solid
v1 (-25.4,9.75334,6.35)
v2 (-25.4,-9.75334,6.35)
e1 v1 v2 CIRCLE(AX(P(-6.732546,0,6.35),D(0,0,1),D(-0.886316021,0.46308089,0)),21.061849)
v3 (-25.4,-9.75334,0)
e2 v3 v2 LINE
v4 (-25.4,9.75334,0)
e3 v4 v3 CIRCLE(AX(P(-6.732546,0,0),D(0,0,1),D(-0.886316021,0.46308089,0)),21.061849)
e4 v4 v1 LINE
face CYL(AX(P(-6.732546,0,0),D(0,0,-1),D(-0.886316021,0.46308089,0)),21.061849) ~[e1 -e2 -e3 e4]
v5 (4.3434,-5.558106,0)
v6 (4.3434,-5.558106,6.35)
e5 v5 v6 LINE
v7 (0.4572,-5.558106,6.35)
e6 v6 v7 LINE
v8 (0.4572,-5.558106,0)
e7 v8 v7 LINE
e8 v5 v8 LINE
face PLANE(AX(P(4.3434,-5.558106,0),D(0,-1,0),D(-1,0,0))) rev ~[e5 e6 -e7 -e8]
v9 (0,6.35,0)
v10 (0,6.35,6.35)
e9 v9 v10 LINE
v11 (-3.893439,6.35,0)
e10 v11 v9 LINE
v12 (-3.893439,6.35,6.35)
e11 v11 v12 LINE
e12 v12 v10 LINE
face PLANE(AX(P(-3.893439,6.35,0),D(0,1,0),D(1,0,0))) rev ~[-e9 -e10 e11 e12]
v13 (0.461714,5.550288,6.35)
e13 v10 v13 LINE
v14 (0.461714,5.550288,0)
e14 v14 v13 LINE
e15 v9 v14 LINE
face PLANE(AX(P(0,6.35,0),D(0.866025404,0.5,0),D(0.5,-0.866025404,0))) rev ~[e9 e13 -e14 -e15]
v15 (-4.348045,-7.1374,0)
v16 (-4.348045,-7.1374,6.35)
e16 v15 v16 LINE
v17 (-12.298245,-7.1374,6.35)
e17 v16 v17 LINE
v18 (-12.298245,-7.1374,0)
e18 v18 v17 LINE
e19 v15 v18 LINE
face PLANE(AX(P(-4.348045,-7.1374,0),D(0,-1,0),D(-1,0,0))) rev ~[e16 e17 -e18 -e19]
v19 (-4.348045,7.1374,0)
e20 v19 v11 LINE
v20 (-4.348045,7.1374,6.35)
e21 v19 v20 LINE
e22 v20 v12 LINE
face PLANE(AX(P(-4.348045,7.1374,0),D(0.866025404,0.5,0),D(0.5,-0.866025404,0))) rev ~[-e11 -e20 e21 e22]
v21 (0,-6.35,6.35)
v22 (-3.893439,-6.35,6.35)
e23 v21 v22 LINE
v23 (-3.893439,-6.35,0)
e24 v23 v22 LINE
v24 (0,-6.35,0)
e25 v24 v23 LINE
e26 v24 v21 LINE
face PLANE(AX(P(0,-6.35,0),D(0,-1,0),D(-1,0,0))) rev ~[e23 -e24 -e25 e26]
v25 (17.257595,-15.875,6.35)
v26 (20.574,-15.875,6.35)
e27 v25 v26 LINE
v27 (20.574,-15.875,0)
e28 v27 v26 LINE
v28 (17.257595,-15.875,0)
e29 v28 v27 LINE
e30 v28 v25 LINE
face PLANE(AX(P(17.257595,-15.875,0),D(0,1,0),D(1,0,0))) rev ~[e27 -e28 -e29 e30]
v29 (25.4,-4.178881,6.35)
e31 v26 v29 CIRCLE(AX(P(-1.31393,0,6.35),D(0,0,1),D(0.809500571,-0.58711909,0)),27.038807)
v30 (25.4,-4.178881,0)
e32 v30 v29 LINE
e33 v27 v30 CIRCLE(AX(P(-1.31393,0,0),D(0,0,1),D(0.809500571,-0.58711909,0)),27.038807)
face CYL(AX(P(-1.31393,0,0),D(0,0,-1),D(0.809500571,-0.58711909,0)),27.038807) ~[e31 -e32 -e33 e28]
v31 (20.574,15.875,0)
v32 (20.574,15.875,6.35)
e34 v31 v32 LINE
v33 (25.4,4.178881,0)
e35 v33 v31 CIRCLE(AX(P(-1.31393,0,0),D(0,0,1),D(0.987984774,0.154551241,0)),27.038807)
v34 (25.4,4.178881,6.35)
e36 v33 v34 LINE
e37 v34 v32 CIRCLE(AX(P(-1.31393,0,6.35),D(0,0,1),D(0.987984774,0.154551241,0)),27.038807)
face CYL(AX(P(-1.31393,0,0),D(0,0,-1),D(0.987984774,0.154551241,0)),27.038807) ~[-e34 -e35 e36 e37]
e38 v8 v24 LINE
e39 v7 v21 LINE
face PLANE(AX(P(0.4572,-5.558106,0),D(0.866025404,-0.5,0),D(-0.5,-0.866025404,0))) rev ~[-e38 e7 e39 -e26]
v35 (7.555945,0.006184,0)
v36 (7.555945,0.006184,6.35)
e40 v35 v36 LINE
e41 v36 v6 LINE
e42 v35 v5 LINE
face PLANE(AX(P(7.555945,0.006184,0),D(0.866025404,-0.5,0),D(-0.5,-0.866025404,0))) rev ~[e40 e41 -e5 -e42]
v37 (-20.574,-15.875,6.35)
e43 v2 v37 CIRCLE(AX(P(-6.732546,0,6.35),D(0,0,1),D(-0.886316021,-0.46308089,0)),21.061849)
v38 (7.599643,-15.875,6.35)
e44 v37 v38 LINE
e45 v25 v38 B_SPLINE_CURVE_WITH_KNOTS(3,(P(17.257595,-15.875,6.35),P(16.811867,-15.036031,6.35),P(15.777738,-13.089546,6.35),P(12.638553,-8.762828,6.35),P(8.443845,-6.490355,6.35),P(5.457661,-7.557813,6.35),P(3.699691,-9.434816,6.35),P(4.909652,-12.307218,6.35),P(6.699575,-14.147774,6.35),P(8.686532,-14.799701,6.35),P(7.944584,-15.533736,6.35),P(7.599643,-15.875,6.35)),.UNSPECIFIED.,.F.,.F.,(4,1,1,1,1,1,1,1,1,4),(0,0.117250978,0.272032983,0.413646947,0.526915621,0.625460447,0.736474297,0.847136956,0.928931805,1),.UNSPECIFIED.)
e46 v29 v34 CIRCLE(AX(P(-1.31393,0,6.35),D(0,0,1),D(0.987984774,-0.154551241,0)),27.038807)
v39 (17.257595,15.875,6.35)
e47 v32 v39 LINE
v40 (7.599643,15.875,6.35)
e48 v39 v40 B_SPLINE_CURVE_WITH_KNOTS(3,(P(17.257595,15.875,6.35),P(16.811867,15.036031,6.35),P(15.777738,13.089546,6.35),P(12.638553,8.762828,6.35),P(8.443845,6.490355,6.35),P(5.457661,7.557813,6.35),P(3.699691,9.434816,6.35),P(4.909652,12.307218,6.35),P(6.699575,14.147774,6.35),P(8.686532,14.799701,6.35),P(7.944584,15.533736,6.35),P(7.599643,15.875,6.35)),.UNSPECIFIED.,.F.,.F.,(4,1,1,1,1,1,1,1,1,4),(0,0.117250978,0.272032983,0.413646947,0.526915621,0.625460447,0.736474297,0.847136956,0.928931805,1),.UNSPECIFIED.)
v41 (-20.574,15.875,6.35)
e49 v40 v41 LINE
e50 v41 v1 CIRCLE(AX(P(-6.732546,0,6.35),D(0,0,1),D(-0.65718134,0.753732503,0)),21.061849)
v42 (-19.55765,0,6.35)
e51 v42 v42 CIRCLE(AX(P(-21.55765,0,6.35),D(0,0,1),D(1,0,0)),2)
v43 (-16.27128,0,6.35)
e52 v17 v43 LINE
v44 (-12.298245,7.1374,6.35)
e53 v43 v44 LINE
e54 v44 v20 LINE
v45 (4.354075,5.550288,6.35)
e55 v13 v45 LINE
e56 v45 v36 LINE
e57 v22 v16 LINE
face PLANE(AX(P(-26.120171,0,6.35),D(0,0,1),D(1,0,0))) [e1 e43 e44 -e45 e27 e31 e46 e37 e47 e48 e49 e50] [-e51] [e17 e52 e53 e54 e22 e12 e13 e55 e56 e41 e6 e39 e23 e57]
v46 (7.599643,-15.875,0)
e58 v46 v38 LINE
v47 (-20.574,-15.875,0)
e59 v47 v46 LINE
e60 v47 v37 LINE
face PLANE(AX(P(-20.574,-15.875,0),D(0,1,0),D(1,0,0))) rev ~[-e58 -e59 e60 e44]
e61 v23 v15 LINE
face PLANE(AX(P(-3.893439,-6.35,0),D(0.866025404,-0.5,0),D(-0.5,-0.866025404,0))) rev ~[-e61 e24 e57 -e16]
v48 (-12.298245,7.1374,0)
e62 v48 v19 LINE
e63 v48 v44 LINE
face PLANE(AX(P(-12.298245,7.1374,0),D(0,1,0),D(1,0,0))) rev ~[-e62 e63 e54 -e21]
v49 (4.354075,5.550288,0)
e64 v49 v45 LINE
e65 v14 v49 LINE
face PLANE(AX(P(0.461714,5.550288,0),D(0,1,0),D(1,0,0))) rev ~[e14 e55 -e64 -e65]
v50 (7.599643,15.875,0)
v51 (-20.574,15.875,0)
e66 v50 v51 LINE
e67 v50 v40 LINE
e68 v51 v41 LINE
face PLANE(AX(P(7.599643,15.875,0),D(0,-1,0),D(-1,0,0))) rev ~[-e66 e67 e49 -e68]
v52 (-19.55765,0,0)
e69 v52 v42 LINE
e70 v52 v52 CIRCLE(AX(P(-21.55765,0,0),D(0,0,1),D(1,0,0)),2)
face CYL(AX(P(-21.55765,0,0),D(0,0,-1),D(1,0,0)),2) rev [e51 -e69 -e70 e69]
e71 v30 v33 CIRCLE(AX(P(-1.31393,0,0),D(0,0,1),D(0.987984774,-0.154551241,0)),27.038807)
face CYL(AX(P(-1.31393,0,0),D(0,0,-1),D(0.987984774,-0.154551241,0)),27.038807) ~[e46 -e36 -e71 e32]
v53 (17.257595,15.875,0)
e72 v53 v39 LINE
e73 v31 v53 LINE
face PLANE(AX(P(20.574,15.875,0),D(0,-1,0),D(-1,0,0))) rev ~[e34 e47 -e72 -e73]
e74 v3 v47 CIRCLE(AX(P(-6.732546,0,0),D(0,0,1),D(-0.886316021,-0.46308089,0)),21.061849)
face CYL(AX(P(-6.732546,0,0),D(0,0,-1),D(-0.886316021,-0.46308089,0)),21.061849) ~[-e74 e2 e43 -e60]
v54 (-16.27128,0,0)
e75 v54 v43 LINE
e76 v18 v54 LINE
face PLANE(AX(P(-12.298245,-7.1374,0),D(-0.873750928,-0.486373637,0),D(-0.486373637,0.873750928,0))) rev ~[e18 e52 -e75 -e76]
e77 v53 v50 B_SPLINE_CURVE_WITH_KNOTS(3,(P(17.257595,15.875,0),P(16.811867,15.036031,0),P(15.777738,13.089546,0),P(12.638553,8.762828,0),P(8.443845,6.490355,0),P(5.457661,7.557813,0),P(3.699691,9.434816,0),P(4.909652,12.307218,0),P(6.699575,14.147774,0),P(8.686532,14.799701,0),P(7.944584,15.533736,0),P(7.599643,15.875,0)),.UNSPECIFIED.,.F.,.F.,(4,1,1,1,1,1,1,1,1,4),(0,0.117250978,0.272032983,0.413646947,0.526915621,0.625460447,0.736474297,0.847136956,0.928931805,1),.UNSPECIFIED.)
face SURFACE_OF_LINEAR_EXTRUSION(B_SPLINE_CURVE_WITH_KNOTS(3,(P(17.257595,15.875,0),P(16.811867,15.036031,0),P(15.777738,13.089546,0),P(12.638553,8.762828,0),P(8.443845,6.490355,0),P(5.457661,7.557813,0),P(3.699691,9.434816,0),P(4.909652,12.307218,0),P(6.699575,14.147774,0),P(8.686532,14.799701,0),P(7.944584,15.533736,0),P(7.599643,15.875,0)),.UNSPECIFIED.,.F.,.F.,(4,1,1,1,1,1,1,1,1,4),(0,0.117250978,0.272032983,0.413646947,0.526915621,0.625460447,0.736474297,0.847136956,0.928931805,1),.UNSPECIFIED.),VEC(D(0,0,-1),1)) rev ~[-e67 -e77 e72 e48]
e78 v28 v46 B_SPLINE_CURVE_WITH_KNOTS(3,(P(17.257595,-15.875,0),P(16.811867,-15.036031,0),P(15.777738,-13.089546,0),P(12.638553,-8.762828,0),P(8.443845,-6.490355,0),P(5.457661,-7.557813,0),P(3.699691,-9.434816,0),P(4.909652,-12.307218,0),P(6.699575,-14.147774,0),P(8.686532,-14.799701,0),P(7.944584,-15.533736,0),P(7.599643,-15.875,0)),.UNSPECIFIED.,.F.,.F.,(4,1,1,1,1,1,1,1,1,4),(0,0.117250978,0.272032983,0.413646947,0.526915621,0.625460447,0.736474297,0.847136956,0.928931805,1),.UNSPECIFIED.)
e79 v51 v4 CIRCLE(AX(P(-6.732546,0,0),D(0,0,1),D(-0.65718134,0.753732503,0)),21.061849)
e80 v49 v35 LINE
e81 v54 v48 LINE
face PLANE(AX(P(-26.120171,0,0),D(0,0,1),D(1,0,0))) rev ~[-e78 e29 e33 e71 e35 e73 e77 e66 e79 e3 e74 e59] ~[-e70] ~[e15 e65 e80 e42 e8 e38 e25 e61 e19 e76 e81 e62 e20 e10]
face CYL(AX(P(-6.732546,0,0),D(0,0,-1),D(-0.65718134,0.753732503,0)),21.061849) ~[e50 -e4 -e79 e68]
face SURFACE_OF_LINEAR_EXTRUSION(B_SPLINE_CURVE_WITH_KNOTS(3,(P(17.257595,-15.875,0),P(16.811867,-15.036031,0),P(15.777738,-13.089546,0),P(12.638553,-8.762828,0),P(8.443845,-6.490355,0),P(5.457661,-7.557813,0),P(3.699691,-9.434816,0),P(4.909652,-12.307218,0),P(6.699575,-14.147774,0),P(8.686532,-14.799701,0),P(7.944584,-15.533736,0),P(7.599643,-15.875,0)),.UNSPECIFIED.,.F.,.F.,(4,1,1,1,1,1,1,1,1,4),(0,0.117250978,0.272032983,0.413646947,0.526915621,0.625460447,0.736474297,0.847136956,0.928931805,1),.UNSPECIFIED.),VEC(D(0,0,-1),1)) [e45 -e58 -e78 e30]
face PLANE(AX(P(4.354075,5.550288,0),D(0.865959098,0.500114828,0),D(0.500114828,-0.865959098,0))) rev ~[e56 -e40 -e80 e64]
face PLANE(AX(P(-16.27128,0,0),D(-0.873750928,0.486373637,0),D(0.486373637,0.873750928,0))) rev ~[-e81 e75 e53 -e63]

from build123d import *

# Parameters (mm, degrees)
F0_R     = 2
F1_DEPTH = 6.35


with BuildPart() as f1:
    # F0 (on Top) → F1 (new body)
    with BuildSketch(Plane.XY):
        with BuildLine():
            Line((-25.4, -9.7533396771), (-25.4, 9.7533396771))
            ThreePointArc((-25.4, 9.7533396771), (-27.7943947705, 0), (-25.4, -9.7533396771))
        make_face()
        with BuildLine():
            Line((7.5996425003, 15.875), (-20.574, 15.875))
            ThreePointArc((-20.574, 15.875), (-23.2726776835, 13.0393833309), (-25.4, 9.7533396771))
            Line((-25.4, 9.7533396771), (-25.4, -9.7533396771))
            ThreePointArc((-25.4, -9.7533396771), (-23.2726776835, -13.0393833309), (-20.574, -15.875))
            Line((-20.574, -15.875), (7.5996425003, -15.875))
            add(Edge.make_bspline(
                [(17.2575954348, -15.875), (16.8118674755, -15.0360308318), (15.7777378861, -13.0895457095), (12.6385533239, -8.7628284751), (8.4438454096, -6.4903546022), (5.4576611574, -7.5578133093), (3.6996913649, -9.434816458), (4.9096520026, -12.30721807), (6.6995754798, -14.1477736043), (8.6865320781, -14.7997007485), (7.9445844593, -15.5337364181), (7.5996425003, -15.875)],
                knots=[0, 0, 0, 0, 0.1172509784, 0.2720329825, 0.4136469471, 0.5269156212, 0.6254604471, 0.7364742974, 0.8471369559, 0.9289318052, 1, 1, 1, 1], degree=3))
            Line((17.2575954348, -15.875), (19.5524021983, -15.875))
            ThreePointArc((19.5524021983, -15.875), (24.535980368, 0), (19.5524021983, 15.875))
            Line((19.5524021983, 15.875), (17.2575954348, 15.875))
            add(Edge.make_bspline(
                [(17.2575954348, 15.875), (16.8118674755, 15.0360308318), (15.7777378861, 13.0895457095), (12.6385533239, 8.7628284751), (8.4438454096, 6.4903546022), (5.4576611574, 7.5578133093), (3.6996913649, 9.434816458), (4.9096520026, 12.30721807), (6.6995754798, 14.1477736043), (8.6865320781, 14.7997007485), (7.9445844593, 15.5337364181), (7.5996425003, 15.875)],
                knots=[0, 0, 0, 0, 0.1172509784, 0.2720329825, 0.4136469471, 0.5269156212, 0.6254604471, 0.7364742974, 0.8471369559, 0.9289318052, 1, 1, 1, 1], degree=3))
        make_face()
        with Locations((-21.5576495975, 0)):
            Circle(F0_R, mode=Mode.SUBTRACT)
        Polygon((-16.2712801248, 0), (-12.2982449182, 7.1374), (-4.3480449182, 7.1374), (-3.8934393163, 6.35), (0, 6.35), (0.4617137668, 5.5502882974), (4.3540745974, 5.5502882974), (7.5559447504, 0.0061843585), (4.3434, -5.5581063708), (0.4572, -5.5581063708), (0, -6.35), (-3.8934393163, -6.35), (-4.3480449182, -7.1374), (-12.2982449182, -7.1374), align=None, mode=Mode.SUBTRACT)
        with BuildLine():
            ThreePointArc((25.4, -4.1788812389), (25.7248773783, 0), (25.4, 4.1788812389))
            Line((25.4, 4.1788812389), (25.4, -4.1788812389))
        make_face()
        with BuildLine():
            Line((20.574, 15.875), (19.5524021983, 15.875))
            ThreePointArc((19.5524021983, 15.875), (24.535980368, 0), (19.5524021983, -15.875))
            Line((19.5524021983, -15.875), (20.574, -15.875))
            ThreePointArc((20.574, -15.875), (23.6807693851, -10.3132006276), (25.4, -4.1788812389))
            Line((25.4, -4.1788812389), (25.4, 4.1788812389))
            ThreePointArc((25.4, 4.1788812389), (23.6807693851, 10.3132006276), (20.574, 15.875))
        make_face()
    extrude(amount=F1_DEPTH)


solid = f1.part
